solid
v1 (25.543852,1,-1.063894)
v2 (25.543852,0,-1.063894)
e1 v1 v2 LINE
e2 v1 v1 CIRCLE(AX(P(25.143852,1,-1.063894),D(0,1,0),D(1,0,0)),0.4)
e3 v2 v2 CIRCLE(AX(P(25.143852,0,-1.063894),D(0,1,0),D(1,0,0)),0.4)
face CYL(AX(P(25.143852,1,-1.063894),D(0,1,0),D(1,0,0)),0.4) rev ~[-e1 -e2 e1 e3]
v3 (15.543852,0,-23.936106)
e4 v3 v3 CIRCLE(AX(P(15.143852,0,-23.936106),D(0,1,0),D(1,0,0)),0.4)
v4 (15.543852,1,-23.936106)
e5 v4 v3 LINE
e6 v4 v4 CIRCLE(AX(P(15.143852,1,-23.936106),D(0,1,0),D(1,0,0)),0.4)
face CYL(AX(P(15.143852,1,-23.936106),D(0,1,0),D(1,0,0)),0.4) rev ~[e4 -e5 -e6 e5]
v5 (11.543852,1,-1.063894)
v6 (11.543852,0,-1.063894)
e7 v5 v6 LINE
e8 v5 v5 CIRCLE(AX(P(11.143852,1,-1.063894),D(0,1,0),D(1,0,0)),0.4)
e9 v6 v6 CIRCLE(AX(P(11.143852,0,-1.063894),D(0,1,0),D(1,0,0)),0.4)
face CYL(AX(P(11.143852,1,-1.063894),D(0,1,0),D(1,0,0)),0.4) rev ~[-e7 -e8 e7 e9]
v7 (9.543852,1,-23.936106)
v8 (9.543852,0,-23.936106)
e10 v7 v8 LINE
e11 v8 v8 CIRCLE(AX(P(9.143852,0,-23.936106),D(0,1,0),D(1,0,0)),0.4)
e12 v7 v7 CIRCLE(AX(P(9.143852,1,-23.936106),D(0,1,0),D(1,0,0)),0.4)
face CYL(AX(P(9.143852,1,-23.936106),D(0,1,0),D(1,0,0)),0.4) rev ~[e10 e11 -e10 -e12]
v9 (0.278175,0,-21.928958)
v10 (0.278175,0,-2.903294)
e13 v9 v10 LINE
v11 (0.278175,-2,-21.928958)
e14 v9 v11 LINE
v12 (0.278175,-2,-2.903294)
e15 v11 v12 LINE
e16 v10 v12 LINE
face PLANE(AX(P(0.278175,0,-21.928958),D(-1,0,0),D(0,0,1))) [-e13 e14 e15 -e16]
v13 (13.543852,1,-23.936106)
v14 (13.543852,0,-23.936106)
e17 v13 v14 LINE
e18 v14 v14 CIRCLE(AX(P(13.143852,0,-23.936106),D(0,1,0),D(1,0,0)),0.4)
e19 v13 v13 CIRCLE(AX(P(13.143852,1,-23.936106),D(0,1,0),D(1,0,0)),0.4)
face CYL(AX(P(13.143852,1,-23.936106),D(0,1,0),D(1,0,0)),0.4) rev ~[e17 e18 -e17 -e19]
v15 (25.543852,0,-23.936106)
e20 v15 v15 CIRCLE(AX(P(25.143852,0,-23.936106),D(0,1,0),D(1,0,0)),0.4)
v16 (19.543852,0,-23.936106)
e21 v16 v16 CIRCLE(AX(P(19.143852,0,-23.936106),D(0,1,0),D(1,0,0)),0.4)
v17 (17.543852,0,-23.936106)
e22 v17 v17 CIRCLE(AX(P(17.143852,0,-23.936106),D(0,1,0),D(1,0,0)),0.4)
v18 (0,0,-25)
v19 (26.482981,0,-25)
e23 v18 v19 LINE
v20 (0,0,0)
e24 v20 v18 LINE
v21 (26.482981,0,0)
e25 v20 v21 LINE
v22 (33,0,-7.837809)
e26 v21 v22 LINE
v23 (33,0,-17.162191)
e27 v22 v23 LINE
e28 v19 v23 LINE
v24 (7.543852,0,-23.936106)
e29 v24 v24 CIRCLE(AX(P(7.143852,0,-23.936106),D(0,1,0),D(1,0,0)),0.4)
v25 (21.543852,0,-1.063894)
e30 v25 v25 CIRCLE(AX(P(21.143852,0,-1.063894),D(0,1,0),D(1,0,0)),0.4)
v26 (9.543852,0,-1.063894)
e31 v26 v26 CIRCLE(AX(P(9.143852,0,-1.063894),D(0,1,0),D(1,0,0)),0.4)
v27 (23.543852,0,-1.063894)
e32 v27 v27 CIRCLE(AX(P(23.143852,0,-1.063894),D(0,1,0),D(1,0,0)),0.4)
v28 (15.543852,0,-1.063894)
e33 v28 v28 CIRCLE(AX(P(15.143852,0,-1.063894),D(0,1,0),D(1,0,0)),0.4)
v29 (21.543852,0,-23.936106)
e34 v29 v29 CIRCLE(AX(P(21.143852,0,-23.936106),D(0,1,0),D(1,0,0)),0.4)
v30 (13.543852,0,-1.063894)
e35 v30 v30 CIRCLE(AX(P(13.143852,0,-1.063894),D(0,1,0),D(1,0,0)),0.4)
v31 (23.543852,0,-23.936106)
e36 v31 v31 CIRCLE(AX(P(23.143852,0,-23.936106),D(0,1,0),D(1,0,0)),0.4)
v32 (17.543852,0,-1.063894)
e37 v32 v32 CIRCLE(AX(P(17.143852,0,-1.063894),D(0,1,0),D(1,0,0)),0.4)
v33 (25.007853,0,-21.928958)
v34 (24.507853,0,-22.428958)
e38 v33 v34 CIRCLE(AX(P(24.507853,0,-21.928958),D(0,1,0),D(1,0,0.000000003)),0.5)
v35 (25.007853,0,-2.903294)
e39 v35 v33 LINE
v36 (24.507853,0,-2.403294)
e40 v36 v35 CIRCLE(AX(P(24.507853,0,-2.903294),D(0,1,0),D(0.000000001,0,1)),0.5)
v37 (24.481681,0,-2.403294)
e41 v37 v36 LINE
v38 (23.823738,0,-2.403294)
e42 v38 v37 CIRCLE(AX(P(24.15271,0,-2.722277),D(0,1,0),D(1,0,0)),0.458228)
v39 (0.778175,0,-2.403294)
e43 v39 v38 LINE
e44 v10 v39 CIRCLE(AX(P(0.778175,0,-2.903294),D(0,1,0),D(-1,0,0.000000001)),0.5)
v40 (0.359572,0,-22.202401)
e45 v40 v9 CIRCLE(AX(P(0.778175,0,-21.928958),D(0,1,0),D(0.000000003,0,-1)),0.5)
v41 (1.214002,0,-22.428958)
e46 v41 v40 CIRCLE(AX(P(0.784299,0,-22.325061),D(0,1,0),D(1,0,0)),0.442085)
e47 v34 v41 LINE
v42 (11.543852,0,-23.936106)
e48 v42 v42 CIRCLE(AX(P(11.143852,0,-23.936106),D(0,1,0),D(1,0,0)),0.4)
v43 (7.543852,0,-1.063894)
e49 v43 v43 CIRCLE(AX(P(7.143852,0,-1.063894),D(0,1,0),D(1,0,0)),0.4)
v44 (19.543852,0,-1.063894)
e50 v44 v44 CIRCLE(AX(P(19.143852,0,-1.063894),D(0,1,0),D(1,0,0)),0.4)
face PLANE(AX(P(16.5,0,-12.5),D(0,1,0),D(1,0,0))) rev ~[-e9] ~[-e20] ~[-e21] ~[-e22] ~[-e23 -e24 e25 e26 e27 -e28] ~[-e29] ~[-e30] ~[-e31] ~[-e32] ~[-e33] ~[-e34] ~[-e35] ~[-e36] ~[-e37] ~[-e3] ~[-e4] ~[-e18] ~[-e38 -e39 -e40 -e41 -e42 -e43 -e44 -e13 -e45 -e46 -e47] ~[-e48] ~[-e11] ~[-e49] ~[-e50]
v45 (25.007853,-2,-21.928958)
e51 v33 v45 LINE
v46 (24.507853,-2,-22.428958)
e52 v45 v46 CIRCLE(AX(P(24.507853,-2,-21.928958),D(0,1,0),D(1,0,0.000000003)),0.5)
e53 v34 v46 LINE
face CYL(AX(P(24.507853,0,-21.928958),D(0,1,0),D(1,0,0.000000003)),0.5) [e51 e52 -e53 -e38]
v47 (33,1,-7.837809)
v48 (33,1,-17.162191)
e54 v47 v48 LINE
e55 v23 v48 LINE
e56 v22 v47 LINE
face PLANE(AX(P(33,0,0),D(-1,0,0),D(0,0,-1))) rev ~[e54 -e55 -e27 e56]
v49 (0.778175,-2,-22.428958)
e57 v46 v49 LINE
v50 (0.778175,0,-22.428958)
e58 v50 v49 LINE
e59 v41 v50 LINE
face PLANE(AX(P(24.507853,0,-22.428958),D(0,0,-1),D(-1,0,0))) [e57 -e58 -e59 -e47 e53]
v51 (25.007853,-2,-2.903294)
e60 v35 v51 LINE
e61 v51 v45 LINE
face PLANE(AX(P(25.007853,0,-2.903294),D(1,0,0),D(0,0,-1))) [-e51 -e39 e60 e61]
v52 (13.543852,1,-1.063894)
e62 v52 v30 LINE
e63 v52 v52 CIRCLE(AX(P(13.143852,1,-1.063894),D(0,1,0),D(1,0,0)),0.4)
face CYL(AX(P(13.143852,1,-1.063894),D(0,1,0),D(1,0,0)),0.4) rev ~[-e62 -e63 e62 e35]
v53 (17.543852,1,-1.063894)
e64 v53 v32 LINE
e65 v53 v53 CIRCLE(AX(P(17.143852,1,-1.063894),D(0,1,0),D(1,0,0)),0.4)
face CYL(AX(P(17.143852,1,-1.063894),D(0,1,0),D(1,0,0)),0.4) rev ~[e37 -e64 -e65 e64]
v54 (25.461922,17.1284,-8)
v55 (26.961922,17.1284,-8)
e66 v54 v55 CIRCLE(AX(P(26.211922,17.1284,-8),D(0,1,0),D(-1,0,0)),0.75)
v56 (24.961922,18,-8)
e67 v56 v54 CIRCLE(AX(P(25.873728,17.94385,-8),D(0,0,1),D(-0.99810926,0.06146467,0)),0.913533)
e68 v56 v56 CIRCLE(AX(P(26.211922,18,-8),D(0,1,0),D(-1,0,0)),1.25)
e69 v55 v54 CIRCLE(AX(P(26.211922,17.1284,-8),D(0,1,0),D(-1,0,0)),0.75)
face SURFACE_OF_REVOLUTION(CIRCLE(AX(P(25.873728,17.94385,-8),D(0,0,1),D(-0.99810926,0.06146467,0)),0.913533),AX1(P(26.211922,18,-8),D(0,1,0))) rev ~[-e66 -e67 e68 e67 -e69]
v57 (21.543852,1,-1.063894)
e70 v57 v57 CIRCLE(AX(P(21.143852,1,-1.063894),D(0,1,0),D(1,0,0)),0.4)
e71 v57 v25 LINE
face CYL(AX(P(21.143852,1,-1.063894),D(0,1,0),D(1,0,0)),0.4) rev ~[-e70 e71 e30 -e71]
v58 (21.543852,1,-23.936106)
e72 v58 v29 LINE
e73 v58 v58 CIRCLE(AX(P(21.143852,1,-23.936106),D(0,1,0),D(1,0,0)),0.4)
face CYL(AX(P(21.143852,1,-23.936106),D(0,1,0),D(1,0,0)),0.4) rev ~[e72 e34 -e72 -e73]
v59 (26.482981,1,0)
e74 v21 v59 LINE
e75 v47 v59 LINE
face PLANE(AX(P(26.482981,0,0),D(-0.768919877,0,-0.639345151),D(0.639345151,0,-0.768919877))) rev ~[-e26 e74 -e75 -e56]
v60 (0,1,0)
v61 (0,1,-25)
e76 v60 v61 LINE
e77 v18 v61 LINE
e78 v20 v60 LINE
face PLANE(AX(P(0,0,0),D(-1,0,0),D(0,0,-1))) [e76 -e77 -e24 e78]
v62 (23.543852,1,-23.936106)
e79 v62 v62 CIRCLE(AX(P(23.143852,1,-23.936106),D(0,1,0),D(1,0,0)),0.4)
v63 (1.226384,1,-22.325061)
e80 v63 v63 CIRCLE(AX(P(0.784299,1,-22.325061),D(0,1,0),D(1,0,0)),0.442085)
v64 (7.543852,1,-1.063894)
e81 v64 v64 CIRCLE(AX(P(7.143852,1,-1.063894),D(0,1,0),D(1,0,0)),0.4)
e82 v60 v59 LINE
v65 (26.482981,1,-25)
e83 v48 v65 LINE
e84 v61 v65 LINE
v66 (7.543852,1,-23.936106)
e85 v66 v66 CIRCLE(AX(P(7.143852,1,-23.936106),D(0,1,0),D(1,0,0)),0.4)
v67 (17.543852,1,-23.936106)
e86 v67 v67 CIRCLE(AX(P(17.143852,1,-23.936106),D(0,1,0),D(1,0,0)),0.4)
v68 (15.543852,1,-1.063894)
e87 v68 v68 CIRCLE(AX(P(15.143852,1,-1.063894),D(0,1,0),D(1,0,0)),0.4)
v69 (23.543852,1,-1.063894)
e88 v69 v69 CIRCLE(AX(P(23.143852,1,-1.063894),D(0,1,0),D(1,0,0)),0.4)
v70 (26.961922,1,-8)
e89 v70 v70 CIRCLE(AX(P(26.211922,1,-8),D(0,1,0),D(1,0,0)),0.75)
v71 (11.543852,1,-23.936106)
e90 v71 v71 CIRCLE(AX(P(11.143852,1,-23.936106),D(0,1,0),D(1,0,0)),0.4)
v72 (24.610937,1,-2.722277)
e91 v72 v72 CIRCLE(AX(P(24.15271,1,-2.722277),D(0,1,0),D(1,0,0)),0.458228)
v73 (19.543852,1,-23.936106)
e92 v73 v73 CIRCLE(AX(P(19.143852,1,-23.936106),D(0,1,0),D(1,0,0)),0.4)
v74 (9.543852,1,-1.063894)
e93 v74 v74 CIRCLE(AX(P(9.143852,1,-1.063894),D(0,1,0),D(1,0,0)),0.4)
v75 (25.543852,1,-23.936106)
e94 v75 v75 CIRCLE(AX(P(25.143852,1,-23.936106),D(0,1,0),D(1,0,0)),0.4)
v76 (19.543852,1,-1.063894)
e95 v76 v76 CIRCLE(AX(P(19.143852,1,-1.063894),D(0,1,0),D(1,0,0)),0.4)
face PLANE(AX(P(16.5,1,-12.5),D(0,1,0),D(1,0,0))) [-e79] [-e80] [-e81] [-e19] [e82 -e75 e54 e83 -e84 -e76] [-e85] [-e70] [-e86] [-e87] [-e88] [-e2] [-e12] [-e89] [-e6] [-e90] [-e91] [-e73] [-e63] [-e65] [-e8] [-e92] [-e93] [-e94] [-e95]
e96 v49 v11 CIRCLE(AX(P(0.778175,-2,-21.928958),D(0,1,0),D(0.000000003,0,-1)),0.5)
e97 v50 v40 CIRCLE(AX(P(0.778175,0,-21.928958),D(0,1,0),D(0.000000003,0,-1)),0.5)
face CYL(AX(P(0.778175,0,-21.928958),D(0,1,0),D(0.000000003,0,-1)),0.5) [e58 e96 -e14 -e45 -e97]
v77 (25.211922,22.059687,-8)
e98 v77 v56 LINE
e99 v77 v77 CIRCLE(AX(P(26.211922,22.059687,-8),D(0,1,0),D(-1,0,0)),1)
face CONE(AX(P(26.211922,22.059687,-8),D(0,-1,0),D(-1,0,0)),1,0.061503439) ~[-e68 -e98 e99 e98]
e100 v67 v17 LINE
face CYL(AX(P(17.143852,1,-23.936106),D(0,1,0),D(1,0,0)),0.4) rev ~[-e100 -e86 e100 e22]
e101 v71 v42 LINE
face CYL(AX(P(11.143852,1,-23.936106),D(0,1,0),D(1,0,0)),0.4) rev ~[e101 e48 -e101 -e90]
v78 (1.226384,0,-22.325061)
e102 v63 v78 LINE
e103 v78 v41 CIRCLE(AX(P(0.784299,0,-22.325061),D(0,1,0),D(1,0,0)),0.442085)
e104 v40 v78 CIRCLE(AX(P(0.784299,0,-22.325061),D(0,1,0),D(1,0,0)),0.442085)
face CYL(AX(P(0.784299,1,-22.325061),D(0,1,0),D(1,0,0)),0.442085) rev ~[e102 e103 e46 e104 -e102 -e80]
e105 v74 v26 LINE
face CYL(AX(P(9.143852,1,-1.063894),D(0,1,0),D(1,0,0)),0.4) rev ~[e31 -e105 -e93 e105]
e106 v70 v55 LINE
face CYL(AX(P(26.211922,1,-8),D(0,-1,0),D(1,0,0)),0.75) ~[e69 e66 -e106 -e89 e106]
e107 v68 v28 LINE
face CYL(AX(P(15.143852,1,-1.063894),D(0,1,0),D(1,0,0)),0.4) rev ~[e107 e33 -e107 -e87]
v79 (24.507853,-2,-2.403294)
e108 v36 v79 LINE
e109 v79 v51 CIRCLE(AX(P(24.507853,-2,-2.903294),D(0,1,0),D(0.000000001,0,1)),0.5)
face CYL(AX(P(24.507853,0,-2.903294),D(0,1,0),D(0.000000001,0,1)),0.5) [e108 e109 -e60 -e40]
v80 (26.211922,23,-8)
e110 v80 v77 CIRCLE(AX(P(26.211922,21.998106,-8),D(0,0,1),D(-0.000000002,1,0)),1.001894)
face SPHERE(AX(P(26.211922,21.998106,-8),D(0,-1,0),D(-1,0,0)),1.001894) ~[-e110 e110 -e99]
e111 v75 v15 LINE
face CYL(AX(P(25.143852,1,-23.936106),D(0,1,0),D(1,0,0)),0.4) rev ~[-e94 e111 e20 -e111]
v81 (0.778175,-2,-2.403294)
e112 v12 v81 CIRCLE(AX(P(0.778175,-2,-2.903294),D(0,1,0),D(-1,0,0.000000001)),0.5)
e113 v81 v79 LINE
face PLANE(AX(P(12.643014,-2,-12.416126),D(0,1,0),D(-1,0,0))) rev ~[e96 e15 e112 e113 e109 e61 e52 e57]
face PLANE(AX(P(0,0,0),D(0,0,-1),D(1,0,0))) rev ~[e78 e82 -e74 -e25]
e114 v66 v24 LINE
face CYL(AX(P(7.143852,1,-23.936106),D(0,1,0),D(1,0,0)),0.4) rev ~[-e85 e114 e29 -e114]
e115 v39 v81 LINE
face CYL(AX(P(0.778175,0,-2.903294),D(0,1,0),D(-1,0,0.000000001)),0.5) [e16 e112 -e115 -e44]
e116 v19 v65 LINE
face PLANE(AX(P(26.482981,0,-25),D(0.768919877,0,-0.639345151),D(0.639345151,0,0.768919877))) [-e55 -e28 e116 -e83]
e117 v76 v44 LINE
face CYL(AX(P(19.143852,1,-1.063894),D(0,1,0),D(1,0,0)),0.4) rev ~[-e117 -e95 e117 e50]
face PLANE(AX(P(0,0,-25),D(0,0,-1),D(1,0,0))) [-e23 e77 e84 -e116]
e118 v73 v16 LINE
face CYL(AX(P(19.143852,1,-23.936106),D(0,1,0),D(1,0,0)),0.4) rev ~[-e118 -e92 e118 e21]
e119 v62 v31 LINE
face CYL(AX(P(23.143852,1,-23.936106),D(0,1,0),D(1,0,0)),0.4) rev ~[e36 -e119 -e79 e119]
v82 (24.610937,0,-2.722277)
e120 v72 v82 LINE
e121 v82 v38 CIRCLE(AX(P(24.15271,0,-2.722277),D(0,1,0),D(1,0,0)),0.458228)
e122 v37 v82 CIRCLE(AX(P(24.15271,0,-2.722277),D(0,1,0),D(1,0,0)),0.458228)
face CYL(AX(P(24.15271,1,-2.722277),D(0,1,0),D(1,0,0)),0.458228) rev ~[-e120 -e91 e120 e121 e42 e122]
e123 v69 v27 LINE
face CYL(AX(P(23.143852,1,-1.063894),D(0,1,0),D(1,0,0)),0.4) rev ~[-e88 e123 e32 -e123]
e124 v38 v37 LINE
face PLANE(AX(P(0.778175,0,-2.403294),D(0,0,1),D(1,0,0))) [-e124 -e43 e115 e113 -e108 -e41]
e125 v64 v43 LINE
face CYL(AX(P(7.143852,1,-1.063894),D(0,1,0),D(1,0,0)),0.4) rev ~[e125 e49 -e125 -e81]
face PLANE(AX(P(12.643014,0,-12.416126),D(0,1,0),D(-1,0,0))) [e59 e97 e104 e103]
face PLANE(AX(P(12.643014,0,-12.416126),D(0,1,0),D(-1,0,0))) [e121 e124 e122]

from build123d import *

# Parameters (mm, degrees)
SKETCH1_W           = 33
SKETCH1_H           = 25
BOSS_EXTRUDE1_DEPTH = 1
CUT_EXTRUDE1_DEPTH  = 2
SKETCH3_R           = 0.4
SKETCH3_R_2         = 0.442084783
SKETCH3_R_3         = 0.458227678
CUT_EXTRUDE2_DEPTH  = 2
SKETCH4_R           = 0.75
BOSS_EXTRUDE2_DEPTH = 17
BOSS_EXTRUDE3_DEPTH = 2


with BuildPart() as part:
    # Sketch1 → Boss-Extrude1 (new body)
    with BuildSketch(Plane(origin=(0, 0, 0), x_dir=(1, 0, 0), z_dir=(0, 1, 0))):
        with Locations((16.5, 12.5)):
            Rectangle(SKETCH1_W, SKETCH1_H)
    extrude(amount=BOSS_EXTRUDE1_DEPTH)

    # Sketch2 → Cut-Extrude1 (cut, through all)
    with BuildSketch(Plane.XZ):
        Polygon((33, 0), (26.482981269, 0), (33, -7.837809095), align=None)
        Polygon((33, -17.162190905), (33, -25), (26.482981269, -25), align=None)
    extrude(amount=-CUT_EXTRUDE1_DEPTH, mode=Mode.SUBTRACT)

    # Sketch3 → Cut-Extrude2 (cut, through all)
    with BuildSketch(Plane(origin=(0, 1, 0), x_dir=(1, 0, 0), z_dir=(0, 1, 0))):
        with Locations((7.143852183, 23.936106005)):
            Circle(SKETCH3_R)
        with Locations((9.143852183, 23.936106005)):
            Circle(SKETCH3_R)
        with Locations((11.143852183, 23.936106005)):
            Circle(SKETCH3_R)
        with Locations((13.143852183, 23.936106005)):
            Circle(SKETCH3_R)
        with Locations((15.143852183, 23.936106005)):
            Circle(SKETCH3_R)
        with Locations((17.143852183, 23.936106005)):
            Circle(SKETCH3_R)
        with Locations((19.143852183, 23.936106005)):
            Circle(SKETCH3_R)
        with Locations((21.143852183, 23.936106005)):
            Circle(SKETCH3_R)
        with Locations((23.143852183, 23.936106005)):
            Circle(SKETCH3_R)
        with Locations((25.143852183, 23.936106005)):
            Circle(SKETCH3_R)
        with Locations((25.143852183, 1.063893995)):
            Circle(SKETCH3_R)
        with Locations((23.143852183, 1.063893995)):
            Circle(SKETCH3_R)
        with Locations((21.143852183, 1.063893995)):
            Circle(SKETCH3_R)
        with Locations((19.143852183, 1.063893995)):
            Circle(SKETCH3_R)
        with Locations((17.143852183, 1.063893995)):
            Circle(SKETCH3_R)
        with Locations((15.143852183, 1.063893995)):
            Circle(SKETCH3_R)
        with Locations((13.143852183, 1.063893995)):
            Circle(SKETCH3_R)
        with Locations((11.143852183, 1.063893995)):
            Circle(SKETCH3_R)
        with Locations((9.143852183, 1.063893995)):
            Circle(SKETCH3_R)
        with Locations((7.143852183, 1.063893995)):
            Circle(SKETCH3_R)
        with Locations((0.784299075, 22.325061426)):
            Circle(SKETCH3_R_2)
        with Locations((24.152709784, 2.722277331)):
            Circle(SKETCH3_R_3)
    extrude(amount=-CUT_EXTRUDE2_DEPTH, mode=Mode.SUBTRACT)

    # Sketch4 → Boss-Extrude2 (add)
    with BuildSketch(Plane(origin=(0, 1, 0), x_dir=(1, 0, 0), z_dir=(0, 1, 0))):
        with Locations((26.211922043, 8)):
            Circle(SKETCH4_R)
    extrude(amount=BOSS_EXTRUDE2_DEPTH)

    # Sketch5 → Revolve1 (revolve)
    with BuildSketch(Plane.XY.offset(-8)):
        with BuildLine():
            Line((26.211922043, 18), (26.211922043, 23))
            ThreePointArc((26.211922043, 23), (25.525593233, 22.727999503), (25.211922043, 22.059686783))
            Line((25.211922043, 22.059686783), (24.961922043, 18))
            ThreePointArc((24.961922043, 18), (25.081321038, 17.489279713), (25.461922043, 17.128399944))
            Line((25.461922043, 17.128399944), (25.461922043, 18))
            Line((25.461922043, 18), (26.211922043, 18))
        make_face()
    revolve(axis=Axis((26.211922043, 18, -8), (0, 1, 0)))

    # Sketch6 → Boss-Extrude3 (add)
    with BuildSketch(Plane.XZ):
        with BuildLine():
            Line((24.507853381, -22.428957603), (0.778175079, -22.428957603))
            ThreePointArc((0.778175079, -22.428957603), (0.424621688, -22.282510994), (0.278175079, -21.928957603))
            Line((0.278175079, -21.928957603), (0.278175079, -2.903294195))
            ThreePointArc((0.278175079, -2.903294195), (0.424621688, -2.549740805), (0.778175079, -2.403294195))
            Line((0.778175079, -2.403294195), (24.507853381, -2.403294195))
            ThreePointArc((24.507853381, -2.403294195), (24.861406772, -2.549740805), (25.007853381, -2.903294195))
            Line((25.007853381, -2.903294195), (25.007853381, -21.928957603))
            ThreePointArc((25.007853381, -21.928957603), (24.861406772, -22.282510994), (24.507853381, -22.428957603))
        make_face()
    extrude(amount=BOSS_EXTRUDE3_DEPTH)


solid = part.part
